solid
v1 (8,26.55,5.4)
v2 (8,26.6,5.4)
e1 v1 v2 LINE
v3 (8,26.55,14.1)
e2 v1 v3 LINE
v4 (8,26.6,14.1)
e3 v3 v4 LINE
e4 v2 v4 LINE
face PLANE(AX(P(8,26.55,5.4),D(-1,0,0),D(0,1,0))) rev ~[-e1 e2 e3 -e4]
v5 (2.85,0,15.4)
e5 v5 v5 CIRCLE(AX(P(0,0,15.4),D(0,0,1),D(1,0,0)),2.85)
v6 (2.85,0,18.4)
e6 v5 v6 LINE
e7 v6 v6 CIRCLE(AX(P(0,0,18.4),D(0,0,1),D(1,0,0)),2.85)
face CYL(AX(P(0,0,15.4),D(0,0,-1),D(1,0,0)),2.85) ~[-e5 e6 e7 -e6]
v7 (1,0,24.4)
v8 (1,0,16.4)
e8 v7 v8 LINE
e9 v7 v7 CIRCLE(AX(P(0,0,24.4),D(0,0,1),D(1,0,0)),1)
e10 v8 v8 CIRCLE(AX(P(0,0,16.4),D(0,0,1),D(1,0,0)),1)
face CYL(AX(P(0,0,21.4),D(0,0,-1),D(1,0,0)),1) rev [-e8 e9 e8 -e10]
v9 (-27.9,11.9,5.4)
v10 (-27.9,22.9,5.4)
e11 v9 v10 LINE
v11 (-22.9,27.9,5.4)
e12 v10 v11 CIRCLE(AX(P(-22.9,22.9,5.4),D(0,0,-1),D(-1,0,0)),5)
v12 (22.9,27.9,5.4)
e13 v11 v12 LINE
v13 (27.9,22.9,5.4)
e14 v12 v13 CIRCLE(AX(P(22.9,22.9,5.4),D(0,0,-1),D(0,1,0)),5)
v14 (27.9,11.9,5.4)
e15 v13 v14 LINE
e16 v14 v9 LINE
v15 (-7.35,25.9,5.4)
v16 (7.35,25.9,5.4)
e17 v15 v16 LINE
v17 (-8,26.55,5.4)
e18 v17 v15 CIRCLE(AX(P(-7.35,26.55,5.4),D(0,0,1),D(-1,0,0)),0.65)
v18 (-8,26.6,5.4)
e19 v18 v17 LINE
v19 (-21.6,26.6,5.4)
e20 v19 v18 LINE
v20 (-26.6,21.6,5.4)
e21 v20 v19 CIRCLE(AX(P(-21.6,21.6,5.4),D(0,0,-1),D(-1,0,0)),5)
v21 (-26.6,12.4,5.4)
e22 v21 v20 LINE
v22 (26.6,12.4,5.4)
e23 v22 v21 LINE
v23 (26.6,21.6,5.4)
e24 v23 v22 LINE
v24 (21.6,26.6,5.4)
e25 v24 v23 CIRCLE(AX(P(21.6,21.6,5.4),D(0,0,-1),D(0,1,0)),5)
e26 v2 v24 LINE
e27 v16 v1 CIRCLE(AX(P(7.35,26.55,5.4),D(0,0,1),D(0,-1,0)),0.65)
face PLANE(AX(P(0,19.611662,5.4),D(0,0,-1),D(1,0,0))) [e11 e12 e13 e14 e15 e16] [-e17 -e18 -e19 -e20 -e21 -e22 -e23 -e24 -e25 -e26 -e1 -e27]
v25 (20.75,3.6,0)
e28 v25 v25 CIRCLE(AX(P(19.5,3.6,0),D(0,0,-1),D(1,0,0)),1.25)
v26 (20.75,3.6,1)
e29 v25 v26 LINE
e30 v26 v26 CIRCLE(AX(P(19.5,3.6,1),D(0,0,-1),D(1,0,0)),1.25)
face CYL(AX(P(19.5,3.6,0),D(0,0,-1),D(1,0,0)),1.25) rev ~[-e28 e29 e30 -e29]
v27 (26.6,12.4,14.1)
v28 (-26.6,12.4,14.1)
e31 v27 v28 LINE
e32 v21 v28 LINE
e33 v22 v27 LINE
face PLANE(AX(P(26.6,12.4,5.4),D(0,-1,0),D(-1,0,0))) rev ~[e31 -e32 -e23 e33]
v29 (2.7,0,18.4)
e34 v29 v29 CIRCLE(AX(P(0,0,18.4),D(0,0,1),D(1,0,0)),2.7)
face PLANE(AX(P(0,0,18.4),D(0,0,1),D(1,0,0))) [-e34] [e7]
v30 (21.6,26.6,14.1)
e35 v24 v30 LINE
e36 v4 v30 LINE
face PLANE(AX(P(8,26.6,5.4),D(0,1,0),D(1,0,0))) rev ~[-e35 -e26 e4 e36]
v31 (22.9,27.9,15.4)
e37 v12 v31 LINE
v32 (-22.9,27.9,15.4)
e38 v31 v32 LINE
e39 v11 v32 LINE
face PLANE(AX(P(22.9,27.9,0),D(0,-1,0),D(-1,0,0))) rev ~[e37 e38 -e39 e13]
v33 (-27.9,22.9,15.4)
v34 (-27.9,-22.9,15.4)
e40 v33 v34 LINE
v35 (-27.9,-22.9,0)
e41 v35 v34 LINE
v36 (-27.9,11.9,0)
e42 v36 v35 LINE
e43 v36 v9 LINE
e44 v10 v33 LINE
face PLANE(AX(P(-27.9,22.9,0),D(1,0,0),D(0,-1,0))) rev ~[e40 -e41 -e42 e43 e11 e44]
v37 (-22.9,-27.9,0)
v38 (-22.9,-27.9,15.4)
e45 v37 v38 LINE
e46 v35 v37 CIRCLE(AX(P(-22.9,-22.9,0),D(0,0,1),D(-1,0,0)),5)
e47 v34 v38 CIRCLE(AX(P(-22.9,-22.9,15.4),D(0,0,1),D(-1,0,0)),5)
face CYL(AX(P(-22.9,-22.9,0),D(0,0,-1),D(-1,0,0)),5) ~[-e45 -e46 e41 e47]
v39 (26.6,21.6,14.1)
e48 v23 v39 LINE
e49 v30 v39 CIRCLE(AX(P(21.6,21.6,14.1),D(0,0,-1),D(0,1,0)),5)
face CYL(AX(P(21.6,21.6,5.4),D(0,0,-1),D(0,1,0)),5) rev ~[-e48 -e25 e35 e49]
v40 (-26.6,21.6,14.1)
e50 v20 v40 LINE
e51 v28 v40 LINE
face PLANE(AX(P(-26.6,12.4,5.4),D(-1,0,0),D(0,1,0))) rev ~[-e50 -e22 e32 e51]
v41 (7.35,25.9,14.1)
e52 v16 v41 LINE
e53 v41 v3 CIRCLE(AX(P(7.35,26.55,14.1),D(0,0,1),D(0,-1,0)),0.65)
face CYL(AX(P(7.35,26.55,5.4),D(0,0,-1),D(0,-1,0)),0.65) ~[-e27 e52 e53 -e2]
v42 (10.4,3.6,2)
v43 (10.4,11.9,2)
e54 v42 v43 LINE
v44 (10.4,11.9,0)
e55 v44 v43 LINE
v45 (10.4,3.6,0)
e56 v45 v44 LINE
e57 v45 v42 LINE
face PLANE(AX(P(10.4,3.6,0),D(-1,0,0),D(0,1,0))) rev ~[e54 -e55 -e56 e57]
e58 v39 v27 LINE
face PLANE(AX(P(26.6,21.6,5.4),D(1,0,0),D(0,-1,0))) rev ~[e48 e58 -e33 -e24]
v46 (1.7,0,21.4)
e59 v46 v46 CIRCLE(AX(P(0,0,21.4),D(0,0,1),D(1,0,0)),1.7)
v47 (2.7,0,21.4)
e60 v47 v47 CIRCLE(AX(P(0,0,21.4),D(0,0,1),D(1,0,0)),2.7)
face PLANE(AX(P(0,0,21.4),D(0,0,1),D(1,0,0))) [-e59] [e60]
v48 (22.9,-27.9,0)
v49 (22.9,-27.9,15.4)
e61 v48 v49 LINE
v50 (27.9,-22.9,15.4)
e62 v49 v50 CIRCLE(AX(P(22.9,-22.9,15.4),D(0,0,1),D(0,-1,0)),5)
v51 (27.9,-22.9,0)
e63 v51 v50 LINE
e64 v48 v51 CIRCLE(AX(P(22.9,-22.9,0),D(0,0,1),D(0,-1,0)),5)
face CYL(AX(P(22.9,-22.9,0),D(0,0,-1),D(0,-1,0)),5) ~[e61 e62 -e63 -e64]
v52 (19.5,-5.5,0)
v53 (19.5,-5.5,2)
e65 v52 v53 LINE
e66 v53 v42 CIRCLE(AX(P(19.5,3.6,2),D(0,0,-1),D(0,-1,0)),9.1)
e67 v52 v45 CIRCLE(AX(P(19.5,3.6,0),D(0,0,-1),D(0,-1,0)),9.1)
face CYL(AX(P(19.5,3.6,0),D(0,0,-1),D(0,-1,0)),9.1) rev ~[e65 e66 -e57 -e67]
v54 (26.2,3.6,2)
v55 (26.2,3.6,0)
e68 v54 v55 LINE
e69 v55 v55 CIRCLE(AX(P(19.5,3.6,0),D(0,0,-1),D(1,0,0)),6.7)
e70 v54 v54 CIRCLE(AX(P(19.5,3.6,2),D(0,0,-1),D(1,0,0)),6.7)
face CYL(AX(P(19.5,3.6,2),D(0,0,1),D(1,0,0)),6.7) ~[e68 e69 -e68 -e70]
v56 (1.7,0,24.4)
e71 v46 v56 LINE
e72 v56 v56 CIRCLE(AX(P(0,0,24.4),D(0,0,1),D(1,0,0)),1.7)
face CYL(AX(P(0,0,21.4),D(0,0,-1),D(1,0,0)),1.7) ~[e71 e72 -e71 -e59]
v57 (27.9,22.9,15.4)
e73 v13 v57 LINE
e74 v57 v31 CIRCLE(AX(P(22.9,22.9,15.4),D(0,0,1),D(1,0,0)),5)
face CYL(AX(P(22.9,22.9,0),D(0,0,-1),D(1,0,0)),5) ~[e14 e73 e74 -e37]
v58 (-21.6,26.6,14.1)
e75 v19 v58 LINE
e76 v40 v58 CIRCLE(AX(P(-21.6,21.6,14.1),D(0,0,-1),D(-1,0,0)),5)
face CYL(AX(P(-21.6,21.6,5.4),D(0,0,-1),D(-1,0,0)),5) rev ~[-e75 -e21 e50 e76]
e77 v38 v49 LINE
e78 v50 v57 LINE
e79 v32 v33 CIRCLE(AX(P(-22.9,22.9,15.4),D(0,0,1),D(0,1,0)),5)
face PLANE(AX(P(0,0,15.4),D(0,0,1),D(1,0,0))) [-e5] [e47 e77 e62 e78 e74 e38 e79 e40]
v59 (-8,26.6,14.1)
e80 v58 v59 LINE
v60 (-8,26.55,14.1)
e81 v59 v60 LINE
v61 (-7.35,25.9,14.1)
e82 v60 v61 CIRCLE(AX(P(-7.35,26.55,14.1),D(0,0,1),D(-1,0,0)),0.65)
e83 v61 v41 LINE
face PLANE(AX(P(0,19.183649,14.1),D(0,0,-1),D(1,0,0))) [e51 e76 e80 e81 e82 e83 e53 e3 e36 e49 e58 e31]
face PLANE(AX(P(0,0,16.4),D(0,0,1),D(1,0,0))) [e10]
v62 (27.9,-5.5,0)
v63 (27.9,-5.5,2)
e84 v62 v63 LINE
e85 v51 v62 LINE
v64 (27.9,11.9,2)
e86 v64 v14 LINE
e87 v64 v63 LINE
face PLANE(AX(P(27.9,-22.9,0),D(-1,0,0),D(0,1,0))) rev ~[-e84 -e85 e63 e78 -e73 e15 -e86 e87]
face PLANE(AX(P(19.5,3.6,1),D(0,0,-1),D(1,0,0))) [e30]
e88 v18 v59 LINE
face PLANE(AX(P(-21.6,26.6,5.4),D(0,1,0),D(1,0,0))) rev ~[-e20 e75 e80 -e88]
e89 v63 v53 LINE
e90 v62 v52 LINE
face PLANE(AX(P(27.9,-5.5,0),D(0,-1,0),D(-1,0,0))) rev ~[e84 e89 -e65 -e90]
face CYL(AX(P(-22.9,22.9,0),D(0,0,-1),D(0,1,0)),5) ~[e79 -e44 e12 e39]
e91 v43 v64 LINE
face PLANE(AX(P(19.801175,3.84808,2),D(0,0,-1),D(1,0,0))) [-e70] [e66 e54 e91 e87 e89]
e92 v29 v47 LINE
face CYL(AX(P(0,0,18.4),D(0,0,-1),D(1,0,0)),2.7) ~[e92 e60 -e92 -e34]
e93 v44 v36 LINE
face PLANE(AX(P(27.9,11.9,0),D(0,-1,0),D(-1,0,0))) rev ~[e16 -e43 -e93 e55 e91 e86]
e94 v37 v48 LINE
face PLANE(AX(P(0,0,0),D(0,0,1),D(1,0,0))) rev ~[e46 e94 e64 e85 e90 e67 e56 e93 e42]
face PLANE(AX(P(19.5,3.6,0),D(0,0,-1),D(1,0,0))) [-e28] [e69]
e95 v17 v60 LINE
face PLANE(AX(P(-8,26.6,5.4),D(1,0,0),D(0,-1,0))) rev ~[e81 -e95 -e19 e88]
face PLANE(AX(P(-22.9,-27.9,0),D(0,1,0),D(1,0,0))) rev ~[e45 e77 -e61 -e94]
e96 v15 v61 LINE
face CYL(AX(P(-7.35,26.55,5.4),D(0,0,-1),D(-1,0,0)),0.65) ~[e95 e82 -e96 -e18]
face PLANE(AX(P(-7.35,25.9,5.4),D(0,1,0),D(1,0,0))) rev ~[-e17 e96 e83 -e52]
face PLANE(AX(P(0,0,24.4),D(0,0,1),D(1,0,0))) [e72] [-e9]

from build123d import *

# Parameters (mm, degrees)
F1_DEPTH  = 15.4
F3_DEPTH  = 5.4
F5_DEPTH  = 2
F6_R      = 6.7
F7_DEPTH  = 2
F9_DEPTH  = 8.7
F10_R     = 1.25
F11_DEPTH = 1
F12_R     = 2.85
F13_DEPTH = 3
F14_R     = 2.7
F15_DEPTH = 3
F16_R     = 1
F17_DEPTH = 5
F18_R     = 1.7
F18_R_2   = 1
F19_DEPTH = 3


with BuildPart() as f1:
    # F0 (on Top) → F1 (new body)
    with BuildSketch(Plane.XY):
        with BuildLine():
            Line((-22.9, -27.9), (22.9, -27.9))
            ThreePointArc((22.9, -27.9), (26.4355339059, -26.4355339059), (27.9, -22.9))
            Line((27.9, -22.9), (27.9, 22.9))
            ThreePointArc((27.9, 22.9), (26.4355339059, 26.4355339059), (22.9, 27.9))
            Line((22.9, 27.9), (-22.9, 27.9))
            ThreePointArc((-22.9, 27.9), (-26.4355339059, 26.4355339059), (-27.9, 22.9))
            Line((-27.9, 22.9), (-27.9, -22.9))
            ThreePointArc((-27.9, -22.9), (-26.4355339059, -26.4355339059), (-22.9, -27.9))
        make_face()
    extrude(amount=F1_DEPTH)

    # F2 (on face) → F3 (cut)
    with BuildSketch(Plane(origin=(0, 0, 0), x_dir=(1, 0, 0), z_dir=(0, 0, -1))):
        with BuildLine():
            Line((27.9, -11.9), (-27.9, -11.9))
            Line((-27.9, -11.9), (-27.9, -22.9))
            ThreePointArc((-27.9, -22.9), (-26.4355339059, -26.4355339059), (-22.9, -27.9))
            Line((-22.9, -27.9), (22.9, -27.9))
            ThreePointArc((22.9, -27.9), (26.4355339059, -26.4355339059), (27.9, -22.9))
            Line((27.9, -22.9), (27.9, -11.9))
        make_face()
    extrude(amount=-F3_DEPTH, mode=Mode.SUBTRACT)

    # F4 (on face) → F5 (cut)
    with BuildSketch(Plane(origin=(0, 0, 0), x_dir=(1, 0, 0), z_dir=(0, 0, -1))):
        with BuildLine():
            Line((27.9, -11.9), (27.9, 5.5))
            Line((27.9, 5.5), (19.5, 5.5))
            ThreePointArc((19.5, 5.5), (13.0653282912, 2.8346717088), (10.4, -3.6))
            Line((10.4, -3.6), (10.4, -11.9))
            Line((10.4, -11.9), (27.9, -11.9))
        make_face()
    extrude(amount=-F5_DEPTH, mode=Mode.SUBTRACT)

    # F6 (on face) → F7 (join)
    with BuildSketch(Plane(origin=(0, 0, 2), x_dir=(1, 0, 0), z_dir=(0, 0, -1))):
        with Locations((19.5, -3.6)):
            Circle(F6_R)
    extrude(amount=F7_DEPTH)

    # F8 (on face) → F9 (cut)
    with BuildSketch(Plane(origin=(0, 0, 5.4), x_dir=(1, 0, 0), z_dir=(0, 0, -1))):
        with BuildLine():
            Line((8, -26.6), (21.6, -26.6))
            ThreePointArc((21.6, -26.6), (25.1355339059, -25.1355339059), (26.6, -21.6))
            Line((26.6, -21.6), (26.6, -12.4))
            Line((26.6, -12.4), (-26.6, -12.4))
            Line((-26.6, -12.4), (-26.6, -21.6))
            ThreePointArc((-26.6, -21.6), (-25.1355339059, -25.1355339059), (-21.6, -26.6))
            Line((-21.6, -26.6), (-8, -26.6))
            Line((-8, -26.6), (-8, -26.55))
            ThreePointArc((-8, -26.55), (-7.8096194078, -26.0903805922), (-7.35, -25.9))
            Line((-7.35, -25.9), (7.35, -25.9))
            ThreePointArc((7.35, -25.9), (7.8096194078, -26.0903805922), (8, -26.55))
            Line((8, -26.55), (8, -26.6))
        make_face()
    extrude(amount=-F9_DEPTH, mode=Mode.SUBTRACT)

    # F10 (on face) → F11 (cut)
    with BuildSketch(Plane(origin=(0, 0, 0), x_dir=(1, 0, 0), z_dir=(0, 0, -1))):
        with Locations((19.5, -3.6)):
            Circle(F10_R)
    extrude(amount=-F11_DEPTH, mode=Mode.SUBTRACT)

    # F12 (on face) → F13 (join)
    with BuildSketch(Plane.XY.offset(15.4)):
        Circle(F12_R)
    extrude(amount=F13_DEPTH)

    # F14 (on face) → F15 (join)
    with BuildSketch(Plane.XY.offset(18.4)):
        Circle(F14_R)
    extrude(amount=F15_DEPTH)

    # F16 (on face) → F17 (cut)
    with BuildSketch(Plane.XY.offset(21.4)):
        Circle(F16_R)
    extrude(amount=-F17_DEPTH, mode=Mode.SUBTRACT)

    # F18 (on face) → F19 (join)
    with BuildSketch(Plane.XY.offset(21.4)):
        Circle(F18_R)
        Circle(F18_R_2, mode=Mode.SUBTRACT)
    extrude(amount=F19_DEPTH)


solid = f1.part
